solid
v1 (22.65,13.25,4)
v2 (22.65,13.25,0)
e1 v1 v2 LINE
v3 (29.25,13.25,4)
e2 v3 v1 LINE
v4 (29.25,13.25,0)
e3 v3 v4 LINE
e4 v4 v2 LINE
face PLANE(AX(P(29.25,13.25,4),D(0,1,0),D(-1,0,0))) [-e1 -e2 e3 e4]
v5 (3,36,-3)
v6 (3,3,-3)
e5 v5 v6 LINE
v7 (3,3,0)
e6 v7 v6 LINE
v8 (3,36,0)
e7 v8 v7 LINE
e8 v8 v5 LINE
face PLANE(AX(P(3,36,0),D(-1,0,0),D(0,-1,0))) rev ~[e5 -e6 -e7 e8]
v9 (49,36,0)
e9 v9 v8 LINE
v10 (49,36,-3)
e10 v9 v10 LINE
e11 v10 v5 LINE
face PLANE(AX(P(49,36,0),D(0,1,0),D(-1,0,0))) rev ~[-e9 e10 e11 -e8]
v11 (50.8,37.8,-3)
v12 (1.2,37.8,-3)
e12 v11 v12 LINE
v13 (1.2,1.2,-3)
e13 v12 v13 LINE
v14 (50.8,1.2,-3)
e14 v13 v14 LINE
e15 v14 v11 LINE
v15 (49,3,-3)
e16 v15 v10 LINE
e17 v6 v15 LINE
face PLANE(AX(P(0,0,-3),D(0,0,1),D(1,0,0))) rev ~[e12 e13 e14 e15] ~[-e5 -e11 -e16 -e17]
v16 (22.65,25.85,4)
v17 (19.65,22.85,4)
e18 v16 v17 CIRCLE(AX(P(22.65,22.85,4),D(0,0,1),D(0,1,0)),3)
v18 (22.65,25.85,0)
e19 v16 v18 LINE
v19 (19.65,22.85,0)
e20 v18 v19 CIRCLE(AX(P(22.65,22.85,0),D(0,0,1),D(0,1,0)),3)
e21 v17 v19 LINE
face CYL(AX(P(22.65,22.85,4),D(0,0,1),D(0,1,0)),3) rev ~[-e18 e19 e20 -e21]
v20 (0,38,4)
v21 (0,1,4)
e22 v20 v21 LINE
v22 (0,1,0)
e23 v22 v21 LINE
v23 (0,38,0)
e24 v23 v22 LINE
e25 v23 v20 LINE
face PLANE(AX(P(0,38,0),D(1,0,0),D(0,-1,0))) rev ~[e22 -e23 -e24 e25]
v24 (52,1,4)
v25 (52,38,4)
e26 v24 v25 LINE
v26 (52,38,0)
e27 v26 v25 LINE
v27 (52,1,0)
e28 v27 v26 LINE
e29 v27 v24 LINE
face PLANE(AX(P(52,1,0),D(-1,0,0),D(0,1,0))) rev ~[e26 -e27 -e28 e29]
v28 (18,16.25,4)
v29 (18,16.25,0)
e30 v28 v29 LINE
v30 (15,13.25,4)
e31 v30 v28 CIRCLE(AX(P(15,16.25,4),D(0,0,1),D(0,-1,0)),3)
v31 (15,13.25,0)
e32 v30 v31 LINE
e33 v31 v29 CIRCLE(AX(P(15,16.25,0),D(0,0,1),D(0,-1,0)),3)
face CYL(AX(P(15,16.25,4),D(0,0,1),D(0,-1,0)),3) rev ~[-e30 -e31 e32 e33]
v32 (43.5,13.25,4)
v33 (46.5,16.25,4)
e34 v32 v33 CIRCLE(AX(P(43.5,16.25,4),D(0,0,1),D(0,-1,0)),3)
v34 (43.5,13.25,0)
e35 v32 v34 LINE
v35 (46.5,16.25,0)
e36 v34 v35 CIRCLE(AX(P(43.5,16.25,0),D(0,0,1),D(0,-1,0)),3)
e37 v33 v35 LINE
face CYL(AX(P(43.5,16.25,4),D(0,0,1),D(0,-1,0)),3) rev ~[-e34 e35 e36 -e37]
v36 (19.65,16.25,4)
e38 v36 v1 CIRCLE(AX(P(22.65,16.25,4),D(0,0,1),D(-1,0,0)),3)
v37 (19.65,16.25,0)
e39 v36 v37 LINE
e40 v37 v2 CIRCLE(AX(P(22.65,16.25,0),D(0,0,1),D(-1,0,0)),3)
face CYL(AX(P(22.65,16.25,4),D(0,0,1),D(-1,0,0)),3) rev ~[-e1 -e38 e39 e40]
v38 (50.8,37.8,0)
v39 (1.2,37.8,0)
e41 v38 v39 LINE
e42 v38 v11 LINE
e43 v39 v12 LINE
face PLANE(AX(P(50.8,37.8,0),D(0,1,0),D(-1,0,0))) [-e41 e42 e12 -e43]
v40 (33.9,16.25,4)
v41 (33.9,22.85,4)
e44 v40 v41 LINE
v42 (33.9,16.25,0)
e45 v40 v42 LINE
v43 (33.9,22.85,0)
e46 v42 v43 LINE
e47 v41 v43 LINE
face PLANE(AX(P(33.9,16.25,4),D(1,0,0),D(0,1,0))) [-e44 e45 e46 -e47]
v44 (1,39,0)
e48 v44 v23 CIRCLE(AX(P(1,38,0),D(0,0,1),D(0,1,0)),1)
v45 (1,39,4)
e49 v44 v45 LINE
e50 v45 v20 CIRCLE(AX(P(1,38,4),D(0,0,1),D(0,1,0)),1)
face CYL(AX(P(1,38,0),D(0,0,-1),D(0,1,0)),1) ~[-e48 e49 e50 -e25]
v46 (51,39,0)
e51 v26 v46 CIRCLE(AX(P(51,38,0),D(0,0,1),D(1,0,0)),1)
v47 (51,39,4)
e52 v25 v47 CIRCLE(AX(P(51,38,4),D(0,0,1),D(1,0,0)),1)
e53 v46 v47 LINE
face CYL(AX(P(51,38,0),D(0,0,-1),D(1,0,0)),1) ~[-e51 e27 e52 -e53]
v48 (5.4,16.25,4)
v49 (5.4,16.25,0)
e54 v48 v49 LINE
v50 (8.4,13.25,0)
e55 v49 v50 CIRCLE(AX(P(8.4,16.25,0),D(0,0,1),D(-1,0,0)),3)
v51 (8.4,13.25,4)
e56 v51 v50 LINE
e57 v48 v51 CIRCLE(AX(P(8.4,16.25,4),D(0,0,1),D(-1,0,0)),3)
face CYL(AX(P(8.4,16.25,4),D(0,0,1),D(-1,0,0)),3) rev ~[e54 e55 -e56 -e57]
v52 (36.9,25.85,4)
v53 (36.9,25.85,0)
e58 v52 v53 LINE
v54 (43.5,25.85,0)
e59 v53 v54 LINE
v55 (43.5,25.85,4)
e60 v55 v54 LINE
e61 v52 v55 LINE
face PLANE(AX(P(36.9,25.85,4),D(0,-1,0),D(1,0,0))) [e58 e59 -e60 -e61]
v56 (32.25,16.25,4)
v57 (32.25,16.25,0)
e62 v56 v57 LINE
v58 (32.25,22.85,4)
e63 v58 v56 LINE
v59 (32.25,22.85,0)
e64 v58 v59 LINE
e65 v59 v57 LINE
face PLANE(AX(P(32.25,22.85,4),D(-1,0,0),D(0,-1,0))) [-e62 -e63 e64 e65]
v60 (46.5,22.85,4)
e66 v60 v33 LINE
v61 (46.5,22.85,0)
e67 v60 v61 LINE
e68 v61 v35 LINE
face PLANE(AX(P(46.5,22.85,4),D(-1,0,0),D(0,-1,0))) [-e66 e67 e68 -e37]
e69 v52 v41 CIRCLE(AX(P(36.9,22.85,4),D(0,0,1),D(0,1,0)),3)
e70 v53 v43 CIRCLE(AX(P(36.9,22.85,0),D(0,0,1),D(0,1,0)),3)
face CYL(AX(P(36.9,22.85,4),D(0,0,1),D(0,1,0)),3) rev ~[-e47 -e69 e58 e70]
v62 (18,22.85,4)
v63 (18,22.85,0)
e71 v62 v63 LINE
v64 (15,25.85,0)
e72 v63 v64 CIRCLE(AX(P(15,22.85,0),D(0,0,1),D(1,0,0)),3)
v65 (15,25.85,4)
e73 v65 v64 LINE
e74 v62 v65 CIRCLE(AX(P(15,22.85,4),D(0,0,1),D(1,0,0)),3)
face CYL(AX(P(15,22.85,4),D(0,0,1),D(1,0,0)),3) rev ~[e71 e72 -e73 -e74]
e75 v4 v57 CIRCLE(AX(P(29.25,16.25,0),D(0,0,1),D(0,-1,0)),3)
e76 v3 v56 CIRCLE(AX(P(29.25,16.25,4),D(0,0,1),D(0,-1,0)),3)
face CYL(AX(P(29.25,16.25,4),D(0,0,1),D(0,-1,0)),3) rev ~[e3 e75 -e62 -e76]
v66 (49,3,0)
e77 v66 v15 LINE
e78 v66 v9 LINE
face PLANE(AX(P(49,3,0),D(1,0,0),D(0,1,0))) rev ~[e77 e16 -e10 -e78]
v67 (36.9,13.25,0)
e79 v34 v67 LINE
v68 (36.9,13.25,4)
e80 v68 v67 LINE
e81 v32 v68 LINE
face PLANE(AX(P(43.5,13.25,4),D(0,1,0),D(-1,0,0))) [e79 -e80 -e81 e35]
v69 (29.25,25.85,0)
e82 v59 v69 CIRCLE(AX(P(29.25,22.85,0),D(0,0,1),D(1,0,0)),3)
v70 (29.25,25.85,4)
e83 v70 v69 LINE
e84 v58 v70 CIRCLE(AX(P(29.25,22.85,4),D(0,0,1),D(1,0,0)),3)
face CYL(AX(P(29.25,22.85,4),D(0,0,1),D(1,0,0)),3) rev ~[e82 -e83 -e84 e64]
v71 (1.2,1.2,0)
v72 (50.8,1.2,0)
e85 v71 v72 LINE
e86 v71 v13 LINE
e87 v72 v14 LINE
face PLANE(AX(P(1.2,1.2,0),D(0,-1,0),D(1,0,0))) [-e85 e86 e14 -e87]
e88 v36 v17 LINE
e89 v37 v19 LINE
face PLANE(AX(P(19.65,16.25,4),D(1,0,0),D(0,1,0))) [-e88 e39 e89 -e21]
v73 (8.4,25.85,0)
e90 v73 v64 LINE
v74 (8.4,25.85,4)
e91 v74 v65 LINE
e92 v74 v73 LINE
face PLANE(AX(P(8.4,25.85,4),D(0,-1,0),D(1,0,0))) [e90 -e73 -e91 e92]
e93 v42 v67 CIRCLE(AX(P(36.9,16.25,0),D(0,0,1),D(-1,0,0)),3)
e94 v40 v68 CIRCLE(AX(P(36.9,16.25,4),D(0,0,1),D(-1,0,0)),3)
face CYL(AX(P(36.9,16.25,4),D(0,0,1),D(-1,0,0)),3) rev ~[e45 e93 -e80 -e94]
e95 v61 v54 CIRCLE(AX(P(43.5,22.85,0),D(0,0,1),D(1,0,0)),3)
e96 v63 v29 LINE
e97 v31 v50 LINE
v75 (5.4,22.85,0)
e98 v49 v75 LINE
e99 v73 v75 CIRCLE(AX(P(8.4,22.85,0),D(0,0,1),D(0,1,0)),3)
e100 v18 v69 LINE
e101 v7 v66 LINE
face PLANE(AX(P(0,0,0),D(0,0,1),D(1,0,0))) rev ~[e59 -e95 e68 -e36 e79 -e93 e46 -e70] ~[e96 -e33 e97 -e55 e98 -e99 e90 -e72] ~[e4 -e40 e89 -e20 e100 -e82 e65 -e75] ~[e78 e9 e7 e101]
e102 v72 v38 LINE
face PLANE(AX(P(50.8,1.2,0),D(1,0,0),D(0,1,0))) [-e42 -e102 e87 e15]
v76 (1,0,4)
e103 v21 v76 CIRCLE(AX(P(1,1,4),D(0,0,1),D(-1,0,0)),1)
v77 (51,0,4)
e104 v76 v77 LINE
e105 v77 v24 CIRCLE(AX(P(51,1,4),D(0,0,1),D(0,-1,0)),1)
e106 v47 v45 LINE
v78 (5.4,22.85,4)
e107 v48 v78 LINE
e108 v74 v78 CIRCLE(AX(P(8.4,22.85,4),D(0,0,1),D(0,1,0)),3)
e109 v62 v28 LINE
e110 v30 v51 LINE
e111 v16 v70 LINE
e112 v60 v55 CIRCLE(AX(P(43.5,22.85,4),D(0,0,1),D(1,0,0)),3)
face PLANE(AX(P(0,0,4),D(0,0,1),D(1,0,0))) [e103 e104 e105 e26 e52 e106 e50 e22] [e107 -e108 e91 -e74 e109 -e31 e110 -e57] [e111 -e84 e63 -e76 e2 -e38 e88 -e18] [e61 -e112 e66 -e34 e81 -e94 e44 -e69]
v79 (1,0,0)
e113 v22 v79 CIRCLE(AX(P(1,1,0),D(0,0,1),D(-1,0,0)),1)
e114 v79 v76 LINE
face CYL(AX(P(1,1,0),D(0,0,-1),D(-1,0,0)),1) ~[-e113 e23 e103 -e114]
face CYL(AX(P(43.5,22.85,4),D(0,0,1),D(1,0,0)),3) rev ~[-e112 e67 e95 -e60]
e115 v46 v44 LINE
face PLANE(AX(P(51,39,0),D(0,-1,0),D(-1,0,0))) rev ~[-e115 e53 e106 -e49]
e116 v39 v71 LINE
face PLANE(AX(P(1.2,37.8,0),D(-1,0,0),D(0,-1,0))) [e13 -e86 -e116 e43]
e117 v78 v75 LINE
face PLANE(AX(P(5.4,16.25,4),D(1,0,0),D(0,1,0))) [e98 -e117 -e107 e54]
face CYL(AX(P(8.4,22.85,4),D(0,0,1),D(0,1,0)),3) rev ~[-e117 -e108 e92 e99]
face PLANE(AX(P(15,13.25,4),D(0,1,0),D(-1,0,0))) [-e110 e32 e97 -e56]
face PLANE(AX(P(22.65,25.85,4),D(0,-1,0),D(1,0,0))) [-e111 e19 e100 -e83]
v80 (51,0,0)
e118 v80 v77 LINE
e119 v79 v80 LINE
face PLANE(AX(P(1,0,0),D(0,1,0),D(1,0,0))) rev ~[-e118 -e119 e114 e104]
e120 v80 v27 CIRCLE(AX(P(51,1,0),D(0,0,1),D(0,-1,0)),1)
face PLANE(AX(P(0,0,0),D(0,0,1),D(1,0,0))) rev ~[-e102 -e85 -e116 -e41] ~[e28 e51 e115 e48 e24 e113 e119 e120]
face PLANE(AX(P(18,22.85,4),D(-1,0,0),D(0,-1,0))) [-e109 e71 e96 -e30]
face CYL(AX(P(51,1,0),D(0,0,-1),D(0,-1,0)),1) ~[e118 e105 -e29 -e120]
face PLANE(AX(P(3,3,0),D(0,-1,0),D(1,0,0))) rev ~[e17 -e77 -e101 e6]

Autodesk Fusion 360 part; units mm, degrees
sketch "Sketch1" plane through (0, 0, 0) normal (0, 0, 1) x (1, 0, 0)
  line L0 (1, 0) -> (51, 0)
  line L1 (52, 1) -> (52, 38)
  line L2 (51, 39) -> (1, 39)
  line L3 (0, 38) -> (0, 1)
  arc A0 (1, 39) -> (0, 38) centre (1, 38) ccw
  arc A1 (52, 38) -> (51, 39) centre (51, 38) ccw
  arc A2 (51, 0) -> (52, 1) centre (51, 1) ccw
  arc A3 (0, 1) -> (1, 0) centre (1, 1) ccw
  line L4 (1.2, 37.8) -> (1.2, 1.2)
  line L5 (1.2, 1.2) -> (50.8, 1.2)
  line L6 (50.8, 1.2) -> (50.8, 37.8)
  line L7 (50.8, 37.8) -> (1.2, 37.8)
  line L8 (49, 3) -> (49, 36)
  line L9 (49, 36) -> (3, 36)
  line L10 (3, 36) -> (3, 3)
  line L11 (3, 3) -> (49, 3)
  point P0 (52, 0)
  point P1 (0, 39)
  dimension "d1" = 52
  dimension "d2" = 39
  dimension "d3" = 1
  dimension "d6" = -1.2
  dimension "d7" = -3
extrude "Extrude1" add sketch "Sketch1" along normal blind 4 contours L0 L1 L2 L3 A0 A1 A2 A3 | L4 L5 L6 L7 | L8 L9 L10 L11
sketch "Sketch2" plane through (0, 0, 4) normal (0, 0, 1) x (-1, 0, 0)
  arc A0 (0, -1) -> (-1, 0) centre (-1, -1) ccw
  line L0 (-1, 0) -> (-51, 0)
  arc A1 (-51, 0) -> (-52, -1) centre (-51, -1) ccw
  line L1 (-52, -1) -> (-52, -38)
  arc A2 (-52, -38) -> (-51, -39) centre (-51, -38) ccw
  line L2 (-51, -39) -> (-1, -39)
  arc A3 (-1, -39) -> (0, -38) centre (-1, -38) ccw
  line L3 (0, -38) -> (0, -1)
sketch "Sketch3" plane through (0, 0, 4) normal (0, 0, 1) x (-1, 0, 0)
extrude "Extrude2" add sketch "Sketch1" against normal blind 3 contours L4 L5 L6 L7
sketch "Sketch4" plane through (0, 0, 4) normal (0, 0, 1) x (-1, 0, 0)
sketch "Sketch5" plane through (0, 0, 4) normal (0, 0, 1) x (-1, 0, 0)
  line L0 (-43.5, -13.25) -> (-36.9, -13.25)
  line L1 (-33.9, -16.25) -> (-33.9, -22.85)
  line L2 (-36.9, -25.85) -> (-43.5, -25.85)
  line L3 (-46.5, -22.85) -> (-46.5, -16.25)
  arc A0 (-43.5, -13.25) -> (-46.5, -16.25) centre (-43.5, -16.25) ccw
  arc A1 (-33.9, -16.25) -> (-36.9, -13.25) centre (-36.9, -16.25) ccw
  arc A2 (-36.9, -25.85) -> (-33.9, -22.85) centre (-36.9, -22.85) ccw
  arc A3 (-46.5, -22.85) -> (-43.5, -25.85) centre (-43.5, -22.85) ccw
  line L4 (-1, 0) -> (-51, 0)
  line L5 (-49, -3) -> (-49, -36)
  line L6 (-29.25, -13.25) -> (-22.65, -13.25)
  arc A4 (-29.25, -13.25) -> (-32.25, -16.25) centre (-29.25, -16.25) ccw
  line L7 (-32.25, -22.85) -> (-32.25, -16.25)
  arc A5 (-32.25, -22.85) -> (-29.25, -25.85) centre (-29.25, -22.85) ccw
  arc A6 (-22.65, -25.85) -> (-19.65, -22.85) centre (-22.65, -22.85) ccw
  line L8 (-22.65, -25.85) -> (-29.25, -25.85)
  line L9 (-19.65, -16.25) -> (-19.65, -22.85)
  arc A7 (-19.65, -16.25) -> (-22.65, -13.25) centre (-22.65, -16.25) ccw
  line L10 (-15, -13.25) -> (-8.4, -13.25)
  arc A8 (-15, -13.25) -> (-18, -16.25) centre (-15, -16.25) ccw
  line L11 (-18, -22.85) -> (-18, -16.25)
  arc A9 (-18, -22.85) -> (-15, -25.85) centre (-15, -22.85) ccw
  arc A10 (-8.4, -25.85) -> (-5.4, -22.85) centre (-8.4, -22.85) ccw
  line L12 (-8.4, -25.85) -> (-15, -25.85)
  line L13 (-5.4, -16.25) -> (-5.4, -22.85)
  arc A11 (-5.4, -16.25) -> (-8.4, -13.25) centre (-8.4, -16.25) ccw
  point P0 (-46.5, -13.25)
  point P1 (-33.9, -13.25)
  point P2 (-46.5, -25.85)
  dimension "d10" = 12.6
  dimension "d11" = 12.6
  dimension "d12" = 3
  dimension "d13" = 13.25
  dimension "d14" = 2.5
  dimension "d17" = 14.25
  dimension "d18" = 0
extrude "Extrude3" cut sketch "Sketch5" against normal blind 8
